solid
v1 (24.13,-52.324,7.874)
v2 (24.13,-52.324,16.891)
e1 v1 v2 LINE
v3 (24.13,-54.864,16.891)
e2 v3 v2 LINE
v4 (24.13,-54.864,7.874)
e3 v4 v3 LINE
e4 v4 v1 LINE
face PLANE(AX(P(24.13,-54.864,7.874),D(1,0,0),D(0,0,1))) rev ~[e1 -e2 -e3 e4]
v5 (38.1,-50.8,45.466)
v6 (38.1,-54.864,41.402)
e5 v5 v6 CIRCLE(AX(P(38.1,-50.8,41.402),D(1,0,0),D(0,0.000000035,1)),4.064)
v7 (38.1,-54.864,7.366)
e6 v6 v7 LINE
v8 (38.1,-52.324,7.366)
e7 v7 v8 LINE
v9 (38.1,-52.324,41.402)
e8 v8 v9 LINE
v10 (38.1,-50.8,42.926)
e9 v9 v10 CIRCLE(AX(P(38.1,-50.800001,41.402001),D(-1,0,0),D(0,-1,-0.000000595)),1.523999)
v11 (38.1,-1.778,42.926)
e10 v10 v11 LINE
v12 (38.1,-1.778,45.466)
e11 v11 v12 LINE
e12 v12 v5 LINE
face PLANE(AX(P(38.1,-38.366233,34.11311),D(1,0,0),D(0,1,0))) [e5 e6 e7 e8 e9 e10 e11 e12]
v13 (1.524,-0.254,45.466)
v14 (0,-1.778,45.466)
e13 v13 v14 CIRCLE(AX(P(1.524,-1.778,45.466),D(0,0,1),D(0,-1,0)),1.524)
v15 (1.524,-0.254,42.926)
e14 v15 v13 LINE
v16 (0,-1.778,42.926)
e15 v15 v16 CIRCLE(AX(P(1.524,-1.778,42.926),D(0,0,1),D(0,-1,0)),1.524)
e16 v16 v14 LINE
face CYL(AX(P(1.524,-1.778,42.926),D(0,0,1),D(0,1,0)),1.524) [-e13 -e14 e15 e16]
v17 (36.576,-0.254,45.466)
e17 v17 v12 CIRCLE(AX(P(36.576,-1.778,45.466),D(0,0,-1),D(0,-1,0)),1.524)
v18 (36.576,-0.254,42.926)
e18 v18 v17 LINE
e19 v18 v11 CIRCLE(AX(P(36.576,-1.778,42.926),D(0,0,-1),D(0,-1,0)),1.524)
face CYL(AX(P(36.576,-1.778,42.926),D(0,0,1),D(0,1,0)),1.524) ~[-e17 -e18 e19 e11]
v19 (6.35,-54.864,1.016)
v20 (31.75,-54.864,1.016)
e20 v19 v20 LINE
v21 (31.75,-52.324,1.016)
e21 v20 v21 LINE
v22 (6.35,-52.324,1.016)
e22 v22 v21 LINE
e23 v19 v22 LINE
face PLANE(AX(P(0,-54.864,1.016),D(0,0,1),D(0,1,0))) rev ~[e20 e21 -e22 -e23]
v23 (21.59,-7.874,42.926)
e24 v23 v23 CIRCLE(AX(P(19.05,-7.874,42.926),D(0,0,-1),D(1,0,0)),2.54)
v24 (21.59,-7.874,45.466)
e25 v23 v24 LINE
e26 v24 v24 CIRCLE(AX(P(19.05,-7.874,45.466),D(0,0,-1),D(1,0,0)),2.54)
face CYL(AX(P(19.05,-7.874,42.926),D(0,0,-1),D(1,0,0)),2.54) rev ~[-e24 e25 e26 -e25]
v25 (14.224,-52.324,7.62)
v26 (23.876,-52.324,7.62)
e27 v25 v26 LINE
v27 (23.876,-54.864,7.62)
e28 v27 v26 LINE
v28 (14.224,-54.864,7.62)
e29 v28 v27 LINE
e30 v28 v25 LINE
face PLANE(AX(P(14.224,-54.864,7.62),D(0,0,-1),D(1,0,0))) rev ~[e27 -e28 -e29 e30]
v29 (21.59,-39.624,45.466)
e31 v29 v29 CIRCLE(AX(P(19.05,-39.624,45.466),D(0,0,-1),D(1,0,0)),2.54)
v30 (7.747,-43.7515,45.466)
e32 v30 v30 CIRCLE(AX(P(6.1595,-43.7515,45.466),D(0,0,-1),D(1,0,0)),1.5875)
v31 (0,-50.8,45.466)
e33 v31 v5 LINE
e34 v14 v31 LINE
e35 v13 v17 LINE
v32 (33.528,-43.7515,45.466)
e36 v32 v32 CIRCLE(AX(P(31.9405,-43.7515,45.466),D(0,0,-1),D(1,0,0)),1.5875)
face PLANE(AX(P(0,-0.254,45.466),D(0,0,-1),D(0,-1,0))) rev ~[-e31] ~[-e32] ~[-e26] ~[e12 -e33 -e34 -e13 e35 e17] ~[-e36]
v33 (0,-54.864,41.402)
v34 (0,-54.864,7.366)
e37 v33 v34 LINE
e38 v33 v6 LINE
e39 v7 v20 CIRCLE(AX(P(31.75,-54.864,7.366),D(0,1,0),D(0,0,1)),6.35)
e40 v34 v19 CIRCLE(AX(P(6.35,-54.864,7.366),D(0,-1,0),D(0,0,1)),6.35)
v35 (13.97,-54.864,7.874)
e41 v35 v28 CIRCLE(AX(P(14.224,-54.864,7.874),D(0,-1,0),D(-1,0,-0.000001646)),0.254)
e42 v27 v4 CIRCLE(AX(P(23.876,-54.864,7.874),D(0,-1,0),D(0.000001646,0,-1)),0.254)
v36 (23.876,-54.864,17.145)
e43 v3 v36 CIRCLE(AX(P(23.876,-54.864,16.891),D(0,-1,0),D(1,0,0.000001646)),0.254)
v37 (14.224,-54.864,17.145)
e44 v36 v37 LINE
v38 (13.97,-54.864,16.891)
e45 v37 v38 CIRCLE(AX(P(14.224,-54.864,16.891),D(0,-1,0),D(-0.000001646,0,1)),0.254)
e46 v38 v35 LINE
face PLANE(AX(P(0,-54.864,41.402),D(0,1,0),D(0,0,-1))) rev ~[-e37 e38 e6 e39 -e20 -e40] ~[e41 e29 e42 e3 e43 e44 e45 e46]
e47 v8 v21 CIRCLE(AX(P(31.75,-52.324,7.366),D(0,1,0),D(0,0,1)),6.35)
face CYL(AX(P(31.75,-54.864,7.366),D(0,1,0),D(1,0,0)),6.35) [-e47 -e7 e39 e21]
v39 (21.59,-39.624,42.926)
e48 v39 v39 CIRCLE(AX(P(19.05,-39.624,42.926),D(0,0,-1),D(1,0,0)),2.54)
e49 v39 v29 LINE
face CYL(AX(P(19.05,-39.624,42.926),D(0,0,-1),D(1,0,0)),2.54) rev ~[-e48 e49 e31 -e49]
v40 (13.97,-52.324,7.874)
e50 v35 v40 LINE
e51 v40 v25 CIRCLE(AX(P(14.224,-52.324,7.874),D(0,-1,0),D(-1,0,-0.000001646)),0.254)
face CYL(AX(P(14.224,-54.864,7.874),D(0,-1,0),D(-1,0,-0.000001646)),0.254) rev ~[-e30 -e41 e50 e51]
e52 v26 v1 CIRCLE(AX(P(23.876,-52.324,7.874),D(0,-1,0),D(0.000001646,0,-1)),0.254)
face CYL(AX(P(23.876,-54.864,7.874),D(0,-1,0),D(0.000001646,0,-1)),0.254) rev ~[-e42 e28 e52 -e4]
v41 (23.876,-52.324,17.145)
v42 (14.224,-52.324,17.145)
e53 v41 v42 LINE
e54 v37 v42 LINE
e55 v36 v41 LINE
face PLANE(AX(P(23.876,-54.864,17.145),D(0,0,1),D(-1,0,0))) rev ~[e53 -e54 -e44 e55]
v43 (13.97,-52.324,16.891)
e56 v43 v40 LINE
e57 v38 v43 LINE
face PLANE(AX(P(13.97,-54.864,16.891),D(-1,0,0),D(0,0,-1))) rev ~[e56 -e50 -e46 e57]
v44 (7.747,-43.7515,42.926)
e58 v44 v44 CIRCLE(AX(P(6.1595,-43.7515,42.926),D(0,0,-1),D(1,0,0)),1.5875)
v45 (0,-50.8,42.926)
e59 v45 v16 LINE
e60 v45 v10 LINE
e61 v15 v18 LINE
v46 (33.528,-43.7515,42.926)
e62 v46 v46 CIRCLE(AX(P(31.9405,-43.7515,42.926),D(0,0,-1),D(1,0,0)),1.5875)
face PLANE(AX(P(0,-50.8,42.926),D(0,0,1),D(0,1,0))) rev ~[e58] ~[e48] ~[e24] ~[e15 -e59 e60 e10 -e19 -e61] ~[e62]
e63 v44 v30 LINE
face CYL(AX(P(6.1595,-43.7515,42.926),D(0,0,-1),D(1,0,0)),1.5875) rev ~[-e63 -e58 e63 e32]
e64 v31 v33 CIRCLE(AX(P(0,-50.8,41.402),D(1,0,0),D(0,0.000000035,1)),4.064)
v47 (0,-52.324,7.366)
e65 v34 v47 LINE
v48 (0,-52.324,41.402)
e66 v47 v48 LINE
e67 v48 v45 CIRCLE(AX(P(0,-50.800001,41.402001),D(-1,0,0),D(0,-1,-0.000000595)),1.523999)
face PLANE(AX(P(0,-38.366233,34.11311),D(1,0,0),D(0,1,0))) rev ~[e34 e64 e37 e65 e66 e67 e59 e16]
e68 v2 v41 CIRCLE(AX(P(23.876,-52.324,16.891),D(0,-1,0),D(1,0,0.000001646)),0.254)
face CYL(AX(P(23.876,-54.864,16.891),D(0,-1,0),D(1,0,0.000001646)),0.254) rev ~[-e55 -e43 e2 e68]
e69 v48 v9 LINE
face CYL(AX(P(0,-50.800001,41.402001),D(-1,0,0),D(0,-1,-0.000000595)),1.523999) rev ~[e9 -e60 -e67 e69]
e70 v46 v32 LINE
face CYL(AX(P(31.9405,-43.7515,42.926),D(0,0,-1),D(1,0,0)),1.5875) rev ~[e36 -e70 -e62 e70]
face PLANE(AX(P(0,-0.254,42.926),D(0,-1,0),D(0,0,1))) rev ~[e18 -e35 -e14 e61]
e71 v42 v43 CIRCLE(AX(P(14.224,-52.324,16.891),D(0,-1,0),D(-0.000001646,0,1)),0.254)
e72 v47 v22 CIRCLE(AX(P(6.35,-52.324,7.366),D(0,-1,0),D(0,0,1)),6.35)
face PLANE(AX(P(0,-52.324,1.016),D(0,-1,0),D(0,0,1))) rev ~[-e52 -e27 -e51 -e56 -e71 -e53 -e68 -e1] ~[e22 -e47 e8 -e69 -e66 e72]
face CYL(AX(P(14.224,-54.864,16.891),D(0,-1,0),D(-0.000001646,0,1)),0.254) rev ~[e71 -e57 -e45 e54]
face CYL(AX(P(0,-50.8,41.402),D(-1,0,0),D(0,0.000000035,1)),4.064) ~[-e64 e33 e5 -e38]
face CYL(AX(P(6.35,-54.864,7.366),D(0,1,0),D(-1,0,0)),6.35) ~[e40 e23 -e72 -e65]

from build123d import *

# Parameters (mm, degrees)
F1_DEPTH = 38.1
F2_R     = 1.524
F3_R     = 1.5875
F3_R_2   = 2.54
F4_DEPTH = 2.54
F6_DEPTH = 2.54
F7_R     = 6.35


with BuildPart() as f1:
    # F0 (on Right) → F1 (new body)
    with BuildSketch(Plane.YZ):
        with BuildLine():
            Line((-54.864, 1.016), (-52.324, 1.016))
            Line((-52.324, 1.016), (-52.324, 41.402))
            ThreePointArc((-52.324, 41.402), (-51.877631, 42.479631), (-50.8, 42.926))
            Line((-50.8, 42.926), (-0.254, 42.926))
            Line((-0.254, 42.926), (-0.254, 45.466))
            Line((-0.254, 45.466), (-50.8, 45.466))
            ThreePointArc((-50.8, 45.466), (-53.673682, 44.275682), (-54.864, 41.402))
            Line((-54.864, 41.402), (-54.864, 1.016))
        make_face()
    extrude(amount=F1_DEPTH)

    # F2
    f2_edges = [f1.edges().sort_by_distance(p)[0] for p in [
        (0, -0.254, 44.196),
        (38.1, -0.254, 44.196),
    ]]
    fillet(f2_edges, radius=F2_R)

    # F3 (on face) → F4 (cut, through all)
    with BuildSketch(Plane(origin=(0, 0, 42.926), x_dir=(1, 0, 0), z_dir=(0, 0, -1))):
        with Locations((6.1595, 43.7515)):
            Circle(F3_R)
        with Locations((19.05, 39.624)):
            Circle(F3_R_2)
        with Locations((31.9405, 43.7515)):
            Circle(F3_R)
        with Locations((19.05, 7.874)):
            Circle(F3_R_2)
    extrude(amount=-F4_DEPTH, mode=Mode.SUBTRACT)

    # F5 (on face) → F6 (cut, through all)
    with BuildSketch(Plane.XZ.offset(54.864)):
        with BuildLine():
            ThreePointArc((13.97, 7.874), (14.044395, 7.694395), (14.224, 7.62))
            Line((14.224, 7.62), (23.876, 7.62))
            ThreePointArc((23.876, 7.62), (24.055605, 7.694395), (24.13, 7.874))
            Line((24.13, 7.874), (24.13, 16.891))
            ThreePointArc((24.13, 16.891), (24.055605, 17.070605), (23.876, 17.145))
            Line((23.876, 17.145), (14.224, 17.145))
            ThreePointArc((14.224, 17.145), (14.044395, 17.070605), (13.97, 16.891))
            Line((13.97, 16.891), (13.97, 7.874))
        make_face()
    extrude(amount=-F6_DEPTH, mode=Mode.SUBTRACT)

    # F7
    f7_edges = [f1.edges().sort_by_distance(p)[0] for p in [
        (38.1, -53.594, 1.016),
        (0, -53.594, 1.016),
    ]]
    fillet(f7_edges, radius=F7_R)


solid = f1.part
